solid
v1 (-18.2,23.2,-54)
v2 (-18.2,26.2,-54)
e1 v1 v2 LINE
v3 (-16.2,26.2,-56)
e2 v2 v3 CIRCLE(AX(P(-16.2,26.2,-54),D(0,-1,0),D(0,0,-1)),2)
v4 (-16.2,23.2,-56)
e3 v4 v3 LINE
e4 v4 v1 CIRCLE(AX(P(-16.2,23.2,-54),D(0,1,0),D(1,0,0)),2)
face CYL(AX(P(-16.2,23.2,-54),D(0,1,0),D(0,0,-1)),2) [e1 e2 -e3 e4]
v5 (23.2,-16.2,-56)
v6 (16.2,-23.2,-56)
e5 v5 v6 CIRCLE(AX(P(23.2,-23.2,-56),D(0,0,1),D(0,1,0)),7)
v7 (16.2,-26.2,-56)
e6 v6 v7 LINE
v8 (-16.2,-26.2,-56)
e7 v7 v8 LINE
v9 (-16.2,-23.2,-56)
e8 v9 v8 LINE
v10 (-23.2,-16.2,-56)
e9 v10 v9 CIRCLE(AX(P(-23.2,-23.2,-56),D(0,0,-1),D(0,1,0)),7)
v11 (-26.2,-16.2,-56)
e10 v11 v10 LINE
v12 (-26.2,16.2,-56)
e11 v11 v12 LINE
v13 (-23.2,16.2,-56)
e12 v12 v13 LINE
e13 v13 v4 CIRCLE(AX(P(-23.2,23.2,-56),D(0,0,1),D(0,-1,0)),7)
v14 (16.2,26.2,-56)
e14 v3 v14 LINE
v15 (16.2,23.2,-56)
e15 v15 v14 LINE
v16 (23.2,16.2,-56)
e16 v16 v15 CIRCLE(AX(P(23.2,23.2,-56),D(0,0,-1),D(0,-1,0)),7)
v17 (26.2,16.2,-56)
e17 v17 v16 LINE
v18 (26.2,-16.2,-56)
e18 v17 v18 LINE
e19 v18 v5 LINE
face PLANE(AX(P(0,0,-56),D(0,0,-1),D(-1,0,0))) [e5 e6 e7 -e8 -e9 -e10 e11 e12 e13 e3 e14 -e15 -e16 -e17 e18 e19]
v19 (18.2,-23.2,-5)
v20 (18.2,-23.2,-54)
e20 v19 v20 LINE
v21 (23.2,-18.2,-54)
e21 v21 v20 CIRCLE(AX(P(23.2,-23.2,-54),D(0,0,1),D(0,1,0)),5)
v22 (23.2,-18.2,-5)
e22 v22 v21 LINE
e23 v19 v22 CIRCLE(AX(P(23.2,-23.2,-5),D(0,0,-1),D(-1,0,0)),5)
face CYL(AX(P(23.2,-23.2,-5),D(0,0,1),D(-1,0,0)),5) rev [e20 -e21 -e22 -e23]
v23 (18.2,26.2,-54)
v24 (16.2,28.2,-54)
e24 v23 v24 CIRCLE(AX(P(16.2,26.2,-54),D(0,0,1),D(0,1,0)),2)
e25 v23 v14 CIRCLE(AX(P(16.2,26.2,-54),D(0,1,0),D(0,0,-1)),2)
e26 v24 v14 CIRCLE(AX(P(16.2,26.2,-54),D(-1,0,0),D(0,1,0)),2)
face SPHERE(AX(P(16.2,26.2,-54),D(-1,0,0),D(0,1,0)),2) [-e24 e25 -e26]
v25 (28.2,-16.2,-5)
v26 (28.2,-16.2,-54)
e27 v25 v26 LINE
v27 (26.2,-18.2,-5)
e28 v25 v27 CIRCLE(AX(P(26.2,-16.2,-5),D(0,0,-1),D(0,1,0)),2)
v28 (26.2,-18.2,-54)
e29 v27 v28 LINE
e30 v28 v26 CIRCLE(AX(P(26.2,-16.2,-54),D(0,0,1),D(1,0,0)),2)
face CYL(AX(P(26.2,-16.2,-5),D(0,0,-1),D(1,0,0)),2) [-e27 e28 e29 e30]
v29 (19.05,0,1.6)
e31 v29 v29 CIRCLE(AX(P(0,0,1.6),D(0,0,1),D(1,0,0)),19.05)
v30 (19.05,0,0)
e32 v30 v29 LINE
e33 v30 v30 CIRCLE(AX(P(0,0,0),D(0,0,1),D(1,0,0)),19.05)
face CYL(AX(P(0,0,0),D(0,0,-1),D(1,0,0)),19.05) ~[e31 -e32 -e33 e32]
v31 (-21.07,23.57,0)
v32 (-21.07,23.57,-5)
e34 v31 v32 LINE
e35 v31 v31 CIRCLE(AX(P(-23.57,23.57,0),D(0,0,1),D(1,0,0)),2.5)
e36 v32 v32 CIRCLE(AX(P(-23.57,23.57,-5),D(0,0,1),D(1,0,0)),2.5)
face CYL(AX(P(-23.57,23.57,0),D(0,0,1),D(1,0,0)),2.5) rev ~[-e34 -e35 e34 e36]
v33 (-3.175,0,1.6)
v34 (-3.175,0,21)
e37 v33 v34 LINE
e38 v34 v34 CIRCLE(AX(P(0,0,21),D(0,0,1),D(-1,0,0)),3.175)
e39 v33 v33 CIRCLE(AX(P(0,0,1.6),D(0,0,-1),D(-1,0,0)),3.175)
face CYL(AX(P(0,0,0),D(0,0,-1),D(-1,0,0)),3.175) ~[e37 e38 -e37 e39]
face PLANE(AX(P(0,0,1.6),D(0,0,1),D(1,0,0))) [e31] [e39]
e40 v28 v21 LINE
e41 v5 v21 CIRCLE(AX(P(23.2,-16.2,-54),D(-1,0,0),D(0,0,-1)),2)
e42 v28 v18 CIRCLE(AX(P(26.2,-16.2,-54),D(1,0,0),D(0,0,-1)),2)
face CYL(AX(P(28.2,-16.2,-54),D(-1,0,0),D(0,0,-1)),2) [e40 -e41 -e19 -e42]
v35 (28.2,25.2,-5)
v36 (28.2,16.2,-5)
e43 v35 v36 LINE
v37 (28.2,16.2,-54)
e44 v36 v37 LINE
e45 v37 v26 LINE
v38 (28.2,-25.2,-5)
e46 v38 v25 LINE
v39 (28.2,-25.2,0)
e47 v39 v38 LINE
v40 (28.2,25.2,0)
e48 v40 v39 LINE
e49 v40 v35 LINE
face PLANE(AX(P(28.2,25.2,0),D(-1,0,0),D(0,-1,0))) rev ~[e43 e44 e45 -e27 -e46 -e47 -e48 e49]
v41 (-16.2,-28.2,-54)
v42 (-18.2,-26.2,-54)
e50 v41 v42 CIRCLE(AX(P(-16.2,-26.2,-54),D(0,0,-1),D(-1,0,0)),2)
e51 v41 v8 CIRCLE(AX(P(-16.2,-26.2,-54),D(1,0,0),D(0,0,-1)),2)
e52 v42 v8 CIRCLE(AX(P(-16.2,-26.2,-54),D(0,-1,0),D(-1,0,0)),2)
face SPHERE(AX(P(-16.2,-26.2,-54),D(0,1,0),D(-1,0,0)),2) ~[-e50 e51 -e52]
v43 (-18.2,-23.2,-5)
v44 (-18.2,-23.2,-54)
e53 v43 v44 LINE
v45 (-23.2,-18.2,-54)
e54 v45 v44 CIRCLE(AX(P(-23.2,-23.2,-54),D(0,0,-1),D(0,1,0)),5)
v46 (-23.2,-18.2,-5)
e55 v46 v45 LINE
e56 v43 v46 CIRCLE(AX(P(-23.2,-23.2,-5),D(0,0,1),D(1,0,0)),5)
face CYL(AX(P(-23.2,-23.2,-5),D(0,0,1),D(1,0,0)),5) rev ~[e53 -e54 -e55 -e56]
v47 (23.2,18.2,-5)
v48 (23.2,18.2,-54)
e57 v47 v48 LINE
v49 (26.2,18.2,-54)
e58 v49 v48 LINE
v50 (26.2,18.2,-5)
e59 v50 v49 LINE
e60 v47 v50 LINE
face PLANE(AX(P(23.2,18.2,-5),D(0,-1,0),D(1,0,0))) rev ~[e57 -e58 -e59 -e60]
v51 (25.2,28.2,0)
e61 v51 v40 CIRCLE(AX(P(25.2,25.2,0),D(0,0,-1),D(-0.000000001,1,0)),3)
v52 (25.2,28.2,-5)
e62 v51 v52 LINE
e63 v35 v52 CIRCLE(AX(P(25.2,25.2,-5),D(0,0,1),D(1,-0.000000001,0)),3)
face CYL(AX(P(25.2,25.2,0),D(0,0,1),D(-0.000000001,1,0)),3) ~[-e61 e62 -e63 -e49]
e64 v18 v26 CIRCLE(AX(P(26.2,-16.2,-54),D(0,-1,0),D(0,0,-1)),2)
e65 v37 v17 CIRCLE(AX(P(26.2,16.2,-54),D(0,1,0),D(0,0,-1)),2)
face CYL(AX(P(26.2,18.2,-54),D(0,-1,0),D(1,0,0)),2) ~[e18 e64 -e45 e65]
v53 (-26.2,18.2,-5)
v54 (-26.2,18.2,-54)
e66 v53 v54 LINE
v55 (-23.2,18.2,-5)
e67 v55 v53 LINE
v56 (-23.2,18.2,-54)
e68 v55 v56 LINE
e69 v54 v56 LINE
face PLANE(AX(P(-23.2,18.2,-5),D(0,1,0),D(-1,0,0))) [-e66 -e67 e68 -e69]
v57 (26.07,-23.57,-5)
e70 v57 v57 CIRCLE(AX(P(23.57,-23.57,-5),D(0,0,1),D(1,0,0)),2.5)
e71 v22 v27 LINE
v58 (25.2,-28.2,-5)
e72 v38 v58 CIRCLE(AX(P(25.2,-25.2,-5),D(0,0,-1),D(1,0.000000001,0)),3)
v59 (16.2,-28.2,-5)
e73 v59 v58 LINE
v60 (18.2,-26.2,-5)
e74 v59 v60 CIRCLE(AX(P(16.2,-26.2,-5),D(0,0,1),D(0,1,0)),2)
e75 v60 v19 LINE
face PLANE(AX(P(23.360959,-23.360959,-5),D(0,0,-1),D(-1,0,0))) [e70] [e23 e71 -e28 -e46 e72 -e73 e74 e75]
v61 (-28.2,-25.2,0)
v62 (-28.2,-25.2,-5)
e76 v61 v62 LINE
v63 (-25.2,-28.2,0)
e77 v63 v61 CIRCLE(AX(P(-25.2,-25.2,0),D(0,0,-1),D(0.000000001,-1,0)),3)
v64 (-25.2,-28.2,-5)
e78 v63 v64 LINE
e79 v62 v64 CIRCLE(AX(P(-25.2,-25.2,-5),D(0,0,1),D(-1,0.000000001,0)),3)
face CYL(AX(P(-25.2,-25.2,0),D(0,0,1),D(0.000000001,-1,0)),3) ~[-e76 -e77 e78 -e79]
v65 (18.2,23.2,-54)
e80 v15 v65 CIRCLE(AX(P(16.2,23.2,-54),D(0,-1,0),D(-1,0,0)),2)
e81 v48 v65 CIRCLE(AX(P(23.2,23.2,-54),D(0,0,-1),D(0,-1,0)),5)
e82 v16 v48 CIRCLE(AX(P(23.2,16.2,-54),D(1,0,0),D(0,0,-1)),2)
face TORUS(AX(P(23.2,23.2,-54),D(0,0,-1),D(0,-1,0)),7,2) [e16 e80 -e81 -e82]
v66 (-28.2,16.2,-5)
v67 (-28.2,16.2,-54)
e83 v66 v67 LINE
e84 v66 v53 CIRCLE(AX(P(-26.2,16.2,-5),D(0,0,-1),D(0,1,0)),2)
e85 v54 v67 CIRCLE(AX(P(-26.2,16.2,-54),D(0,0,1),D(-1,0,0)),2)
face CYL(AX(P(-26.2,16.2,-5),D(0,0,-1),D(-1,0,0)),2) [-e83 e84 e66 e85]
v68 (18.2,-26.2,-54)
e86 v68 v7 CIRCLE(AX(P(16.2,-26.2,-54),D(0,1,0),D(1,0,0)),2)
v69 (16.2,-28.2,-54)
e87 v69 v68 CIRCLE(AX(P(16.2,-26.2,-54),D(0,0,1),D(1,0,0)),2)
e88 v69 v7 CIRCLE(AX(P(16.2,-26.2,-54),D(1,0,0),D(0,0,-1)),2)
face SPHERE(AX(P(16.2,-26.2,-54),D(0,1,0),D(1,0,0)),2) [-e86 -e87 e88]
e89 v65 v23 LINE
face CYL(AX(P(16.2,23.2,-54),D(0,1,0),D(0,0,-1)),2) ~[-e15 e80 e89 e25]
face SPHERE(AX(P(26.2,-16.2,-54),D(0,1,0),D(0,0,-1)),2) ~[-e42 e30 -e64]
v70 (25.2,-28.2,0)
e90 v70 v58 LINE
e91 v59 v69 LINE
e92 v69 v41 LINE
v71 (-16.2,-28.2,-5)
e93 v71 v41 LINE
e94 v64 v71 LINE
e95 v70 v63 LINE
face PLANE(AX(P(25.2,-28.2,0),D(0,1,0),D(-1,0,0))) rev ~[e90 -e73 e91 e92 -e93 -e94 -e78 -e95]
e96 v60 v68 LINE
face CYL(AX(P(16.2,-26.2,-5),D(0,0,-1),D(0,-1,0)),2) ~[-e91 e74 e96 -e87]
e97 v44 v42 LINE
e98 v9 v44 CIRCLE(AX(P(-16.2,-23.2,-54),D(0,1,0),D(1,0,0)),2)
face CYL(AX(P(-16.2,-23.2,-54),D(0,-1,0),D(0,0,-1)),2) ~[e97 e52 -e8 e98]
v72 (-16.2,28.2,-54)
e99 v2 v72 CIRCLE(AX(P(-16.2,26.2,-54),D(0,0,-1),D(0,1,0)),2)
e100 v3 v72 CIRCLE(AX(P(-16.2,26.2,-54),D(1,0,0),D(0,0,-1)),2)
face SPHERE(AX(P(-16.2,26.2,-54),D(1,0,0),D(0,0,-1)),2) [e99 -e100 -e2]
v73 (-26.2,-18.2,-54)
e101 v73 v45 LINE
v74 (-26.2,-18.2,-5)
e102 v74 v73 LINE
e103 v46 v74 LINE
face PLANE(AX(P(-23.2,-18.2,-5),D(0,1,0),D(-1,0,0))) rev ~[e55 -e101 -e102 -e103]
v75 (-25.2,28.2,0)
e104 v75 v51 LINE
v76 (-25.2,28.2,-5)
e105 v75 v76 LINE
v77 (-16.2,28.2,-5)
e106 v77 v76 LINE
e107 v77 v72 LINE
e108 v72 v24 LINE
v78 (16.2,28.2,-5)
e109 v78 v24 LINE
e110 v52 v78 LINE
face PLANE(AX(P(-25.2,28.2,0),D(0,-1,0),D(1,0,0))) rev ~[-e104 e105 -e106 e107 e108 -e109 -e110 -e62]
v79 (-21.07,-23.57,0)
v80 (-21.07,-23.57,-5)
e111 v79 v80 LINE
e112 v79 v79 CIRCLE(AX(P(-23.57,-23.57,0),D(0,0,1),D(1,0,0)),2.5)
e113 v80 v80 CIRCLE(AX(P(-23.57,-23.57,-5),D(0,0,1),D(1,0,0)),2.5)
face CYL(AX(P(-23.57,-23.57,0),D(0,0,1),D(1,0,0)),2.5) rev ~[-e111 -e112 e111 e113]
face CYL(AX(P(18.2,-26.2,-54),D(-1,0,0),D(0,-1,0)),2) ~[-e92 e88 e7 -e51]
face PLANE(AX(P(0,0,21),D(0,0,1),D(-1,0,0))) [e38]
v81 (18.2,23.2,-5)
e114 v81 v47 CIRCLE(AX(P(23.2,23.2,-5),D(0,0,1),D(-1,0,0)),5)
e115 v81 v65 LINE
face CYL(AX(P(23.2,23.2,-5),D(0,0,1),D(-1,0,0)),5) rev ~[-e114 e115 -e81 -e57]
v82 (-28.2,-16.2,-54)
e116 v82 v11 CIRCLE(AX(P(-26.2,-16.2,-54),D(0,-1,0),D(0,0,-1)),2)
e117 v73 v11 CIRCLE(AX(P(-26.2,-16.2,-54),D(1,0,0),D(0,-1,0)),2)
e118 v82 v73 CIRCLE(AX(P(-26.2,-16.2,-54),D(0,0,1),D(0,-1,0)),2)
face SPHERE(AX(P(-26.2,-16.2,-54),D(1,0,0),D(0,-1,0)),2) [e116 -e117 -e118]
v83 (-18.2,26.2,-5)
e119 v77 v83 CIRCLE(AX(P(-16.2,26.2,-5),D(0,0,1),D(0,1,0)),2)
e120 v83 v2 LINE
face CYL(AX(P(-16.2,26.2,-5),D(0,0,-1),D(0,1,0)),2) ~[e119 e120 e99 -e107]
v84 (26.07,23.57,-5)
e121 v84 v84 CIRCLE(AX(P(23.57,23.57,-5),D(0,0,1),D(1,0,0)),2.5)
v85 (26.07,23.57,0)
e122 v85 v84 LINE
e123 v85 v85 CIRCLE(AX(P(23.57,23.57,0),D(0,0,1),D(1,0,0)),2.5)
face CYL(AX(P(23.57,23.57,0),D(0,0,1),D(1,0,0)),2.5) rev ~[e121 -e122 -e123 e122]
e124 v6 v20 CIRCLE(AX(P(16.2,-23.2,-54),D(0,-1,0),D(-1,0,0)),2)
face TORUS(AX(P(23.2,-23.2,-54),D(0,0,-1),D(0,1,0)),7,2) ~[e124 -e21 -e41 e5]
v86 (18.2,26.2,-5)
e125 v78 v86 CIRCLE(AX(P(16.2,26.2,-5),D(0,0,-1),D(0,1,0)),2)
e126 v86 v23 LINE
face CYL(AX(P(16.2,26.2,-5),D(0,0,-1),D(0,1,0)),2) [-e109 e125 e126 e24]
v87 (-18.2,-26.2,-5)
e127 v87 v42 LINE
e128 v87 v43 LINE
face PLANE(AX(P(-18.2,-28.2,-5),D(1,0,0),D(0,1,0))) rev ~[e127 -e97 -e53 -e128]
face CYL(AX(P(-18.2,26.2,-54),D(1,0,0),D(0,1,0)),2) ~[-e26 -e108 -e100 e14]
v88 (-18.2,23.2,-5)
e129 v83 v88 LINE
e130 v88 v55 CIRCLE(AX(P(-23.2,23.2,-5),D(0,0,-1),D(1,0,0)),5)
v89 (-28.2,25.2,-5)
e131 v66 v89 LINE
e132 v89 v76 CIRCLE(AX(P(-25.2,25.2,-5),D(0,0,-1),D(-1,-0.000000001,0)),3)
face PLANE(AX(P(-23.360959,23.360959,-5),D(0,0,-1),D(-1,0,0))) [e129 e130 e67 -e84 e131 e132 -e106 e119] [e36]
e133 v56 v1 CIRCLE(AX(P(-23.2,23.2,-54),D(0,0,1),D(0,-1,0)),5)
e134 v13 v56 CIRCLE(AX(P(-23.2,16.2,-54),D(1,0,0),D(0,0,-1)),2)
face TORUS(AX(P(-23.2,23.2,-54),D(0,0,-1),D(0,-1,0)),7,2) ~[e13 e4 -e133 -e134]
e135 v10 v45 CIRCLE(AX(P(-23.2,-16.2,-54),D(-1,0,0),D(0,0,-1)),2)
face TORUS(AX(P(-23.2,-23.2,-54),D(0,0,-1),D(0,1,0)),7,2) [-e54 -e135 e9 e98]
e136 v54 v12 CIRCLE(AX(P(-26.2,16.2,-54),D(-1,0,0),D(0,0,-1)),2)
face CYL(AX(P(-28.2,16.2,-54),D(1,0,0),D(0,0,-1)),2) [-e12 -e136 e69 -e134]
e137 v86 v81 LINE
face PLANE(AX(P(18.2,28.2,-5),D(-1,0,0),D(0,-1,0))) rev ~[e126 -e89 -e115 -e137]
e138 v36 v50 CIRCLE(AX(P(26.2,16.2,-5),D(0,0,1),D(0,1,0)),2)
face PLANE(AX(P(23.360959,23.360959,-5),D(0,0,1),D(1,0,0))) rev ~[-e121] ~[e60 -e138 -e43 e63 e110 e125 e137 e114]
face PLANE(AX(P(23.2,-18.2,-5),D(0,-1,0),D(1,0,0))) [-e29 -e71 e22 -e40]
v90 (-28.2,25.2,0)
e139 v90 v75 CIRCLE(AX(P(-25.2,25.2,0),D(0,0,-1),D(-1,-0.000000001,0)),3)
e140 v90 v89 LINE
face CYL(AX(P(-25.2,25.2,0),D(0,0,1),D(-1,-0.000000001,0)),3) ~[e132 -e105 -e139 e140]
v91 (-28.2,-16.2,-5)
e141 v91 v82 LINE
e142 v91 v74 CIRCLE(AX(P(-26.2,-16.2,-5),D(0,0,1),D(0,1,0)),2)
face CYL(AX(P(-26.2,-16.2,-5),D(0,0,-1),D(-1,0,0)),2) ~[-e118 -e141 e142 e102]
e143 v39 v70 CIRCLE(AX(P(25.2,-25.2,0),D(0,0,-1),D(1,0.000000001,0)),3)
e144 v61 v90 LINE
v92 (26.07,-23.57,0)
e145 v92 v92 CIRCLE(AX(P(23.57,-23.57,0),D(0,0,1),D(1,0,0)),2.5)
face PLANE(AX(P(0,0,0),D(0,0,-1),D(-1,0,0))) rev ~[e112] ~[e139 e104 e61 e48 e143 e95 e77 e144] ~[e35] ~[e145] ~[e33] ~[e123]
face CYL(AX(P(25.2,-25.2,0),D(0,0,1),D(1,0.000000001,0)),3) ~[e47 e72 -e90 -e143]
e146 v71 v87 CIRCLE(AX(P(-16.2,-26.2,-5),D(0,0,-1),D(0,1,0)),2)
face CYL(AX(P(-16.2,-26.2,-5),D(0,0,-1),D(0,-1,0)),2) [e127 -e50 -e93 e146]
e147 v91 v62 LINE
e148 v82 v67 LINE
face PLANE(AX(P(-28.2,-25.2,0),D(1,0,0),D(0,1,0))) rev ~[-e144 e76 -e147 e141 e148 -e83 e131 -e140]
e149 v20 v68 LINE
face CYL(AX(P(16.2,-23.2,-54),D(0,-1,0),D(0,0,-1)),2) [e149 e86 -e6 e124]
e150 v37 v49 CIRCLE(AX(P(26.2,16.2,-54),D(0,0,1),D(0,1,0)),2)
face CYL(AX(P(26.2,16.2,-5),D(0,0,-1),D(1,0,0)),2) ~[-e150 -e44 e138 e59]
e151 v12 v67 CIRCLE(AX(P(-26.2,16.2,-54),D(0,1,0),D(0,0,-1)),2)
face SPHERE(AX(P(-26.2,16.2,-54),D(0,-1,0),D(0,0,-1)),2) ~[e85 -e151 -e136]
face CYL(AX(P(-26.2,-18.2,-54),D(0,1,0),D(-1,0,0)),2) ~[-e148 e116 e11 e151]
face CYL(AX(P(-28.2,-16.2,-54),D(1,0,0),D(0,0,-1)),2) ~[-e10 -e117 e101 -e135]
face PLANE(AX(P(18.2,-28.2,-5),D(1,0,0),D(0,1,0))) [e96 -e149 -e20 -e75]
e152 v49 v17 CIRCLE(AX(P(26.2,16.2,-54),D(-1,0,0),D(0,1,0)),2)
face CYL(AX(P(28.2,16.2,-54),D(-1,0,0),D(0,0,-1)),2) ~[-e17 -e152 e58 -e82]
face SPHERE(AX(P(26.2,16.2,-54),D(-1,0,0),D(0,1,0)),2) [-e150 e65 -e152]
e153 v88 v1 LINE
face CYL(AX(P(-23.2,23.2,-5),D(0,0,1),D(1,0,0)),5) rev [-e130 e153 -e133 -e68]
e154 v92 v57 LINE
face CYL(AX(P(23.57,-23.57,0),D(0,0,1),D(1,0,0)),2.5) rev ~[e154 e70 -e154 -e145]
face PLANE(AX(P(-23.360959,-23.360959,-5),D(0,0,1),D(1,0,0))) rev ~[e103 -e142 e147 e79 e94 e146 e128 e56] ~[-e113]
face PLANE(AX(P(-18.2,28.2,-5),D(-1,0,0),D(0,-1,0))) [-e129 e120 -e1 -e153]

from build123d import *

# Parameters (mm, degrees)
SKETCH1_R           = 2.5
BOSS_EXTRUDE2_DEPTH = 56
CUT_EXTRUDE1_DEPTH  = 65.741640387
SKETCH3_R           = 19.05
BOSS_EXTRUDE3_DEPTH = 1.6
SKETCH4_R           = 3.175
BOSS_EXTRUDE4_DEPTH = 21
FILLET1_R           = 2


with BuildPart() as part:
    # Sketch1 → Boss-Extrude2 (new body)
    with BuildSketch(Plane.XY):
        with BuildLine():
            Line((-25.2, 28.2), (25.2, 28.2))
            ThreePointArc((25.2, 28.2), (27.321320344, 27.321320344), (28.2, 25.2))
            Line((28.2, 25.2), (28.2, -25.2))
            ThreePointArc((28.2, -25.2), (27.321320344, -27.321320344), (25.2, -28.2))
            Line((25.2, -28.2), (-25.2, -28.2))
            ThreePointArc((-25.2, -28.2), (-27.321320344, -27.321320344), (-28.2, -25.2))
            Line((-28.2, -25.2), (-28.2, 25.2))
            ThreePointArc((-28.2, 25.2), (-27.321320344, 27.321320344), (-25.2, 28.2))
        make_face()
        with Locations((23.57, 23.57)):
            Circle(SKETCH1_R, mode=Mode.SUBTRACT)
        with Locations((-23.57, 23.57)):
            Circle(SKETCH1_R, mode=Mode.SUBTRACT)
        with Locations((-23.57, -23.57)):
            Circle(SKETCH1_R, mode=Mode.SUBTRACT)
        with Locations((23.57, -23.57)):
            Circle(SKETCH1_R, mode=Mode.SUBTRACT)
    extrude(amount=-BOSS_EXTRUDE2_DEPTH)

    # Sketch2 → Cut-Extrude1 (cut, through all)
    with BuildSketch(Plane.XY.offset(-5)):
        with BuildLine():
            Line((18.2, 28.2), (18.2, 23.2))
            ThreePointArc((18.2, 23.2), (19.664466094, 19.664466094), (23.2, 18.2))
            Line((23.2, 18.2), (28.2, 18.2))
            Line((28.2, 18.2), (28.2, 25.2))
            ThreePointArc((28.2, 25.2), (27.321320344, 27.321320344), (25.2, 28.2))
            Line((25.2, 28.2), (18.2, 28.2))
        make_face()
        with BuildLine():
            Line((-28.2, 18.2), (-28.2, 25.2))
            ThreePointArc((-28.2, 25.2), (-27.321320344, 27.321320344), (-25.2, 28.2))
            Line((-25.2, 28.2), (-18.2, 28.2))
            Line((-18.2, 28.2), (-18.2, 23.2))
            ThreePointArc((-18.2, 23.2), (-19.664466094, 19.664466094), (-23.2, 18.2))
            Line((-23.2, 18.2), (-28.2, 18.2))
        make_face()
        with BuildLine():
            Line((-18.2, -28.2), (-18.2, -23.2))
            ThreePointArc((-18.2, -23.2), (-19.664466094, -19.664466094), (-23.2, -18.2))
            Line((-23.2, -18.2), (-28.2, -18.2))
            Line((-28.2, -18.2), (-28.2, -25.2))
            ThreePointArc((-28.2, -25.2), (-27.321320344, -27.321320344), (-25.2, -28.2))
            Line((-25.2, -28.2), (-18.2, -28.2))
        make_face()
        with BuildLine():
            Line((28.2, -18.2), (28.2, -25.2))
            ThreePointArc((28.2, -25.2), (27.321320344, -27.321320344), (25.2, -28.2))
            Line((25.2, -28.2), (18.2, -28.2))
            Line((18.2, -28.2), (18.2, -23.2))
            ThreePointArc((18.2, -23.2), (19.664466094, -19.664466094), (23.2, -18.2))
            Line((23.2, -18.2), (28.2, -18.2))
        make_face()
    extrude(amount=-CUT_EXTRUDE1_DEPTH, mode=Mode.SUBTRACT)

    # Sketch3 → Boss-Extrude3 (add)
    with BuildSketch(Plane.XY):
        Circle(SKETCH3_R)
    extrude(amount=BOSS_EXTRUDE3_DEPTH)

    # Sketch4 → Boss-Extrude4 (add)
    with BuildSketch(Plane.XY):
        with Locations(Location((0, 0, 0), (0, 0, 180))):
            Circle(SKETCH4_R)
    extrude(amount=BOSS_EXTRUDE4_DEPTH)

    # Fillet1
    fillet1_edges = [part.edges().sort_by_distance(p)[0] for p in [
        (-25.7, -18.2, -56),
        (-28.2, -18.2, -30.5),
        (-19.664466094, -19.664466094, -56),
        (-18.2, -25.7, -56),
        (-18.2, -28.2, -30.5),
        (0, 28.2, -56),
        (18.2, 28.2, -30.5),
        (25.7, 18.2, -56),
        (28.2, 18.2, -30.5),
        (19.664466094, 19.664466094, -56),
        (18.2, 25.7, -56),
        (-28.2, 0, -56),
        (-18.2, 25.7, -56),
        (-18.2, 28.2, -30.5),
        (-19.664466094, 19.664466094, -56),
        (-25.7, 18.2, -56),
        (-28.2, 18.2, -30.5),
        (28.2, 0, -56),
        (18.2, -25.7, -56),
        (18.2, -28.2, -30.5),
        (19.664466094, -19.664466094, -56),
        (25.7, -18.2, -56),
        (28.2, -18.2, -30.5),
        (0, -28.2, -56),
    ]]
    fillet(fillet1_edges, radius=FILLET1_R)


solid = part.part
